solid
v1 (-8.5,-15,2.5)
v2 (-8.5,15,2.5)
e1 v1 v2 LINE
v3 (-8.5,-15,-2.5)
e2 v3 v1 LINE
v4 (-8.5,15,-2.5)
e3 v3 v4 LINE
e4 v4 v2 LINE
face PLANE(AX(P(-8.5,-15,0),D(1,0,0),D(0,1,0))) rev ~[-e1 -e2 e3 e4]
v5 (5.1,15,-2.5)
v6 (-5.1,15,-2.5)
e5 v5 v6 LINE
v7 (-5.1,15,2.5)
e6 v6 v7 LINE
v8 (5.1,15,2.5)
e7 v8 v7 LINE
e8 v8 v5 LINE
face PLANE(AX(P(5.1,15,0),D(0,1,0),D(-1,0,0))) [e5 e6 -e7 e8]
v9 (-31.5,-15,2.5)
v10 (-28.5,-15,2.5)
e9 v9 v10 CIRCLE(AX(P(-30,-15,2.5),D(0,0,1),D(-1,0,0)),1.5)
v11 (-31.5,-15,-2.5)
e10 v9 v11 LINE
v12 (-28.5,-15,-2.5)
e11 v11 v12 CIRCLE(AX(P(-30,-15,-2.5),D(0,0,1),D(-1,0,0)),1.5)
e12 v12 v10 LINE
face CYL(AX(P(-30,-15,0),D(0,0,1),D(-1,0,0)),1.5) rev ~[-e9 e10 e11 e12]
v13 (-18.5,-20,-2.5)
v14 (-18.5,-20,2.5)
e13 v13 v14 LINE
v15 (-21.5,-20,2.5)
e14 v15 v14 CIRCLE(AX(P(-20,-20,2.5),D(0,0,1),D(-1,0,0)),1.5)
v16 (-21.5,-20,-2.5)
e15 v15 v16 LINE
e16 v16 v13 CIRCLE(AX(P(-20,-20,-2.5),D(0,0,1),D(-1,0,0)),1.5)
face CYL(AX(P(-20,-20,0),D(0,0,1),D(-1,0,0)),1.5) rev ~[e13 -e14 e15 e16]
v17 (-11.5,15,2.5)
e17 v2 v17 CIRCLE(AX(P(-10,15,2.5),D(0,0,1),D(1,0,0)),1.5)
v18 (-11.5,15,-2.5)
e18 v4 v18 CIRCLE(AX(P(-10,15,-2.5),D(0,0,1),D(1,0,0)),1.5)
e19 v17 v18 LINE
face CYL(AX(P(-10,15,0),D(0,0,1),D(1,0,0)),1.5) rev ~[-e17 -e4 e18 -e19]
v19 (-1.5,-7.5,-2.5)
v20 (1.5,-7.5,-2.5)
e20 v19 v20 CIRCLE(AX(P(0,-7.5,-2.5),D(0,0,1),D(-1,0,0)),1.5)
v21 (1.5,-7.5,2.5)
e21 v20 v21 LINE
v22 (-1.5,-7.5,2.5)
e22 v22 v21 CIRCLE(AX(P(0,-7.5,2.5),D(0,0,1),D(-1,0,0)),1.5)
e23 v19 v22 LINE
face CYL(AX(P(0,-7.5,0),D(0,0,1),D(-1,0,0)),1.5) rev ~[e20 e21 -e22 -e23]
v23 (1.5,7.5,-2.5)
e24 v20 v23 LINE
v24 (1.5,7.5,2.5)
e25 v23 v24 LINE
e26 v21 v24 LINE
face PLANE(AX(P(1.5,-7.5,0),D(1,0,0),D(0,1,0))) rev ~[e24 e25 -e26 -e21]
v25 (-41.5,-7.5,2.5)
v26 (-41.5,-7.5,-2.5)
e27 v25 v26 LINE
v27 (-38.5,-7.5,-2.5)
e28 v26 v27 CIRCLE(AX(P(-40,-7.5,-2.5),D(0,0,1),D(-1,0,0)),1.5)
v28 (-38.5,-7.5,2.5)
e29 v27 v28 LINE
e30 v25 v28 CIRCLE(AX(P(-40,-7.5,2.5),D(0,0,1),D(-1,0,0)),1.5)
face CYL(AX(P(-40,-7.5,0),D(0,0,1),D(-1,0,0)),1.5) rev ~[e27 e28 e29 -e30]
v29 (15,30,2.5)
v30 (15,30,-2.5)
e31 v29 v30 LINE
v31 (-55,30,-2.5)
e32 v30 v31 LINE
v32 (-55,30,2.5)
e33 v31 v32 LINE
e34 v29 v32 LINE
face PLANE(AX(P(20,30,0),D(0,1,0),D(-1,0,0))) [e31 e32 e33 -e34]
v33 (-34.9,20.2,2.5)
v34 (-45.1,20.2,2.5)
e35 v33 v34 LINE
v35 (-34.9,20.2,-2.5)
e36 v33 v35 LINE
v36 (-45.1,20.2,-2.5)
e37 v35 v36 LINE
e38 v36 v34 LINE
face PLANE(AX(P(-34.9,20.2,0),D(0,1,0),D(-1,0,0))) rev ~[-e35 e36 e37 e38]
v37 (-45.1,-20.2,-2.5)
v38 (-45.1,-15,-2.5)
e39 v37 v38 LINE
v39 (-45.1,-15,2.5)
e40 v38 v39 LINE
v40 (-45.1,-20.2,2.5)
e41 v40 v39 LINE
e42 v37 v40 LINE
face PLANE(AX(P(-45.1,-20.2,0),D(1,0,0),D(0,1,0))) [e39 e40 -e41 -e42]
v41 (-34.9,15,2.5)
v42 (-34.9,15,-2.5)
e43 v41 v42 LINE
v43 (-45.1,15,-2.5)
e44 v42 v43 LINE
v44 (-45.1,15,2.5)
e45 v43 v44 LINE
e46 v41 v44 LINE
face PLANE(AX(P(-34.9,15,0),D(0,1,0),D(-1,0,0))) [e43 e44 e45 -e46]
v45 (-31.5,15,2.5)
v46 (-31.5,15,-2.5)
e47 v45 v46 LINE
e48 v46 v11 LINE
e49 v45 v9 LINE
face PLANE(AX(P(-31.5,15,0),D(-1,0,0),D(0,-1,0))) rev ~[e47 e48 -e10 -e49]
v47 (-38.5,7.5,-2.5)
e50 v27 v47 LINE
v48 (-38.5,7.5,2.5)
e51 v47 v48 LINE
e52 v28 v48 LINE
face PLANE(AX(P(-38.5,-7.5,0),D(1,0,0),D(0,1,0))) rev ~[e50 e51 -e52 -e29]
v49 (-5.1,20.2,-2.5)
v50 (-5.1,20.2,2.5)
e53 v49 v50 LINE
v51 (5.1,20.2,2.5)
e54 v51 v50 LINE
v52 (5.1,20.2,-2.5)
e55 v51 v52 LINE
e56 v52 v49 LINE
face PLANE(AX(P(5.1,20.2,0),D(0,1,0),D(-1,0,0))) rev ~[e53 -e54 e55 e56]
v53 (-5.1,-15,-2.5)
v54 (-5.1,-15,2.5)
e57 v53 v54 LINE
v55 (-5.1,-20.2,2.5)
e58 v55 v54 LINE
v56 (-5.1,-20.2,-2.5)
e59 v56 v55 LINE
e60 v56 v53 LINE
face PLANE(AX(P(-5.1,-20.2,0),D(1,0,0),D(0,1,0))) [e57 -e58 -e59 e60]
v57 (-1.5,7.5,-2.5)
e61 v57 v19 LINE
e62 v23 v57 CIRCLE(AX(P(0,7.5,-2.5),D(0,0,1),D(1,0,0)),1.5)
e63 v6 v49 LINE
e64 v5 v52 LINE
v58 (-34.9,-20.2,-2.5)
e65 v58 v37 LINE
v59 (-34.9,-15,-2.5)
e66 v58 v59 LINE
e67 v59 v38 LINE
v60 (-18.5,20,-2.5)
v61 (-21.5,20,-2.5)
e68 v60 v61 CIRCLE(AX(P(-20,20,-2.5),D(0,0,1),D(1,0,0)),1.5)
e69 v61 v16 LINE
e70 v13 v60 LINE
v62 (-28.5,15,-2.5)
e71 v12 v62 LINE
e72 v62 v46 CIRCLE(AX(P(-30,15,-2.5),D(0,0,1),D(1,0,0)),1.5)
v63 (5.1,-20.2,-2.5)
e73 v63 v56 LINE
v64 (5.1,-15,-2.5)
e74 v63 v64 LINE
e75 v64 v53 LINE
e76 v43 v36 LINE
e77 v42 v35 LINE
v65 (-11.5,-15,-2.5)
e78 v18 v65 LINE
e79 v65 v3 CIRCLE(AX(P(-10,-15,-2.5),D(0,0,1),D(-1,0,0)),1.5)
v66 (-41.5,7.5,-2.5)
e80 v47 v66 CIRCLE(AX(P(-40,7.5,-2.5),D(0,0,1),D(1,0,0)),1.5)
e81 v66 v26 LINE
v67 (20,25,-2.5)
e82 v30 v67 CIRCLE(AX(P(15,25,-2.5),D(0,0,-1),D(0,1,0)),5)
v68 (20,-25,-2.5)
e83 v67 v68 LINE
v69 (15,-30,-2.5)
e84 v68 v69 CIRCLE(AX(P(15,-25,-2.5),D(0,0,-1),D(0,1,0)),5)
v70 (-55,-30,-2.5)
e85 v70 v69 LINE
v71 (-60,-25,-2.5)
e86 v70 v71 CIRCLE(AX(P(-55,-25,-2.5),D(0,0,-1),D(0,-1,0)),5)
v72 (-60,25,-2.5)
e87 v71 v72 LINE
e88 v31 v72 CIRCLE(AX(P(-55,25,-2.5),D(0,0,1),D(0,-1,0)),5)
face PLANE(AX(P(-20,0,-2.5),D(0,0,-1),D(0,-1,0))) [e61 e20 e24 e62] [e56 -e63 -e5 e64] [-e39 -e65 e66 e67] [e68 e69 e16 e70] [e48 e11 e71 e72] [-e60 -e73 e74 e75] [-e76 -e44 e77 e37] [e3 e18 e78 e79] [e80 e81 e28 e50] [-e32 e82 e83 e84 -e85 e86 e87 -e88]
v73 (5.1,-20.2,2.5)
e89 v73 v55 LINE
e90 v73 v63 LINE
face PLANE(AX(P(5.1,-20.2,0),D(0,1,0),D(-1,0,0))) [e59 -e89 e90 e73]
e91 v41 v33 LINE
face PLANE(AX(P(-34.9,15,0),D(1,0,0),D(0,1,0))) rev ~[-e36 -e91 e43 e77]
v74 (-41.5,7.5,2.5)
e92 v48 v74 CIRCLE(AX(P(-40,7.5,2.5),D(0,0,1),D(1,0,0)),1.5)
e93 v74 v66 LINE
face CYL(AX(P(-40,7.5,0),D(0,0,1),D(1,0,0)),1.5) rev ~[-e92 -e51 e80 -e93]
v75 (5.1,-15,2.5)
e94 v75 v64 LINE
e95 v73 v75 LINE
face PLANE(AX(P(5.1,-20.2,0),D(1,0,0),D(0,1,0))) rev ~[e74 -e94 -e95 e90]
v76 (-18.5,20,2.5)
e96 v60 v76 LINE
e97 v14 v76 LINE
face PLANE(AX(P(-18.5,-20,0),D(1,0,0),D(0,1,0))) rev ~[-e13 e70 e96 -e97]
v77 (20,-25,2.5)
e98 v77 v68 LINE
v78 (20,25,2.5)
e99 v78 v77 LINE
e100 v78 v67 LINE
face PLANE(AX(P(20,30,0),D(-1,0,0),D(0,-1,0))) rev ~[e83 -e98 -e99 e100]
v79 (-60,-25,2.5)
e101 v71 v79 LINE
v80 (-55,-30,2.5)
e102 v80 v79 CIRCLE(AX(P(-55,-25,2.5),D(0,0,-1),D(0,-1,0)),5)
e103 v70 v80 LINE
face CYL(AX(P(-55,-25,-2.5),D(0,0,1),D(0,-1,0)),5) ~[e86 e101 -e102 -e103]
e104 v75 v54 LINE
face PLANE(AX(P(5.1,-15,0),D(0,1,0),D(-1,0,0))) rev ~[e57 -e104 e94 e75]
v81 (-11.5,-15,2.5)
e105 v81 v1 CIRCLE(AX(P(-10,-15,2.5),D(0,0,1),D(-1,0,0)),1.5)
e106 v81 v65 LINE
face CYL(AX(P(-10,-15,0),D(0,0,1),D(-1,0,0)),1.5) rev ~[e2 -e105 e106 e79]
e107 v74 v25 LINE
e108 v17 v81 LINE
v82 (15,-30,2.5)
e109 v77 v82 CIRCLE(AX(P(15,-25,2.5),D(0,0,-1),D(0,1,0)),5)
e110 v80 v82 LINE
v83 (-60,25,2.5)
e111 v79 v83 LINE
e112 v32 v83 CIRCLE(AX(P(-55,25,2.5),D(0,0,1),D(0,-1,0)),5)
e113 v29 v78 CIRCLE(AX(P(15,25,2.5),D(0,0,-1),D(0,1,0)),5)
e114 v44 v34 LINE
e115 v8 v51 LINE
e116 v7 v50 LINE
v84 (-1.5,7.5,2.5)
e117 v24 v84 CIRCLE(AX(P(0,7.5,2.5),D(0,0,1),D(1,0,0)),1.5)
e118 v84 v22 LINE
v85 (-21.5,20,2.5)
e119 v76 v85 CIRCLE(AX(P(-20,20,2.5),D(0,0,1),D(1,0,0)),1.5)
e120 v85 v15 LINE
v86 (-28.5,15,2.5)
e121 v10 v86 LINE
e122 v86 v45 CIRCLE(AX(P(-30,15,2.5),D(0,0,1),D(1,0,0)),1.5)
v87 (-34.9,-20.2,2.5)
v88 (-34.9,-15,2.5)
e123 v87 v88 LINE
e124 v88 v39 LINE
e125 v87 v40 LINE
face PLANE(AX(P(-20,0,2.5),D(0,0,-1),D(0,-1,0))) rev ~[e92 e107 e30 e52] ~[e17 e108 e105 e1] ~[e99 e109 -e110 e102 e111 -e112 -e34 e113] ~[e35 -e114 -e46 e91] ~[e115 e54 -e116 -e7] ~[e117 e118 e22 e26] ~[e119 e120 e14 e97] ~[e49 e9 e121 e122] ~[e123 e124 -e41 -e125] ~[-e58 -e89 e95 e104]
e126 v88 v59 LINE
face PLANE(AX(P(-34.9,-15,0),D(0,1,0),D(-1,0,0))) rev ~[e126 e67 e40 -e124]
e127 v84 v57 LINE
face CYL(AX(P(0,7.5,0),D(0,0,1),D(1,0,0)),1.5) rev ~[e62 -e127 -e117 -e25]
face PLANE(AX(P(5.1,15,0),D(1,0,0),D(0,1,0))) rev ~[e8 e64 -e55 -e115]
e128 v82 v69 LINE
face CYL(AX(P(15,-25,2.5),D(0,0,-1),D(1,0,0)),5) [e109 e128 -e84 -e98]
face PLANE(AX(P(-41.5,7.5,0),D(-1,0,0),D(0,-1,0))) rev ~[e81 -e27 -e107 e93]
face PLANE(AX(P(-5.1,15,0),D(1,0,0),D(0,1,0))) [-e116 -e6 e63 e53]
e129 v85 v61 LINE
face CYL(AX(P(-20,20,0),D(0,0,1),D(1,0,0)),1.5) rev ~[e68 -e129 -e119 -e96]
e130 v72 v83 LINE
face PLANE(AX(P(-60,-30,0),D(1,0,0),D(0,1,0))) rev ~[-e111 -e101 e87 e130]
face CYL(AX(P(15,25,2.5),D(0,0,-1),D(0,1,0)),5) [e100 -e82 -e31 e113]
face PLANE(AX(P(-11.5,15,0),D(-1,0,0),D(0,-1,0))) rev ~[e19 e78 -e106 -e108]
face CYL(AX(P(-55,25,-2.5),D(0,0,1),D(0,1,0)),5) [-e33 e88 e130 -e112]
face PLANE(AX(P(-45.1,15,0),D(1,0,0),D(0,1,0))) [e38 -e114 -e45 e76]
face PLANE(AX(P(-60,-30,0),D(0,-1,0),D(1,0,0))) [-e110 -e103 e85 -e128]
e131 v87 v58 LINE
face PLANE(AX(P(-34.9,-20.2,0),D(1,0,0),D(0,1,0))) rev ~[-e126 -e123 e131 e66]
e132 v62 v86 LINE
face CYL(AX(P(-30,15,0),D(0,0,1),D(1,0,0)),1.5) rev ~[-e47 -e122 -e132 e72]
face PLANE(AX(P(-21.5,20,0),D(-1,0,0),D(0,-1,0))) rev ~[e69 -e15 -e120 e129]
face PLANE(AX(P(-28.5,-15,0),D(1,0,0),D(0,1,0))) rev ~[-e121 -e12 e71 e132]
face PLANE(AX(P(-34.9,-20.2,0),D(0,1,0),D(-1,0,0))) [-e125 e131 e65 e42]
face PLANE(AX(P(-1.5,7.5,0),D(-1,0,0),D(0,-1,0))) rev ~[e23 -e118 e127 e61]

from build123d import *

# Parameters (mm, degrees)
SKETCH1_W           = 5.2
SKETCH1_H           = 10.2
BOSS_EXTRUDE1_DEPTH = 2.5
FILLET1_R           = 5


with BuildPart() as part:
    # Sketch1 → Boss-Extrude1 (new, symmetric)
    with BuildSketch(Plane(origin=(0, 0, 0), x_dir=(0, 1, 0), z_dir=(0, 0, 1))):
        Polygon((30, 0), (30, -20), (-30, -20), (-30, 0), (-30, 40), (-30, 60), (30, 60), (30, 40), align=None)
        with Locations((17.6, 0)):
            Rectangle(SKETCH1_W, SKETCH1_H, mode=Mode.SUBTRACT)
        with Locations((17.6, 40)):
            Rectangle(SKETCH1_W, SKETCH1_H, mode=Mode.SUBTRACT)
        with Locations((-17.6, 0)):
            Rectangle(SKETCH1_W, SKETCH1_H, mode=Mode.SUBTRACT)
        with Locations((-17.6, 40)):
            Rectangle(SKETCH1_W, SKETCH1_H, mode=Mode.SUBTRACT)
        with BuildLine():
            Line((7.5, 41.5), (-7.5, 41.5))
            ThreePointArc((-7.5, 41.5), (-9, 40), (-7.5, 38.5))
            Line((-7.5, 38.5), (7.5, 38.5))
            ThreePointArc((7.5, 38.5), (9, 40), (7.5, 41.5))
        make_face(mode=Mode.SUBTRACT)
        with BuildLine():
            Line((15, 31.5), (-15, 31.5))
            ThreePointArc((-15, 31.5), (-16.5, 30), (-15, 28.5))
            Line((-15, 28.5), (15, 28.5))
            ThreePointArc((15, 28.5), (16.5, 30), (15, 31.5))
        make_face(mode=Mode.SUBTRACT)
        with BuildLine():
            Line((20, 21.5), (-20, 21.5))
            ThreePointArc((-20, 21.5), (-21.5, 20), (-20, 18.5))
            Line((-20, 18.5), (20, 18.5))
            ThreePointArc((20, 18.5), (21.5, 20), (20, 21.5))
        make_face(mode=Mode.SUBTRACT)
        with BuildLine():
            Line((15, 11.5), (-15, 11.5))
            ThreePointArc((-15, 11.5), (-16.5, 10), (-15, 8.5))
            Line((-15, 8.5), (15, 8.5))
            ThreePointArc((15, 8.5), (16.5, 10), (15, 11.5))
        make_face(mode=Mode.SUBTRACT)
        with BuildLine():
            Line((7.5, 1.5), (-7.5, 1.5))
            ThreePointArc((-7.5, 1.5), (-9, 0), (-7.5, -1.5))
            Line((-7.5, -1.5), (7.5, -1.5))
            ThreePointArc((7.5, -1.5), (9, 0), (7.5, 1.5))
        make_face(mode=Mode.SUBTRACT)
    extrude(amount=BOSS_EXTRUDE1_DEPTH, both=True)

    # Fillet1
    fillet1_edges = [part.edges().sort_by_distance(p)[0] for p in [
        (-60, -30, 0),
        (-60, 30, 0),
        (20, 30, 0),
        (20, -30, 0),
    ]]
    fillet(fillet1_edges, radius=FILLET1_R)


solid = part.part
